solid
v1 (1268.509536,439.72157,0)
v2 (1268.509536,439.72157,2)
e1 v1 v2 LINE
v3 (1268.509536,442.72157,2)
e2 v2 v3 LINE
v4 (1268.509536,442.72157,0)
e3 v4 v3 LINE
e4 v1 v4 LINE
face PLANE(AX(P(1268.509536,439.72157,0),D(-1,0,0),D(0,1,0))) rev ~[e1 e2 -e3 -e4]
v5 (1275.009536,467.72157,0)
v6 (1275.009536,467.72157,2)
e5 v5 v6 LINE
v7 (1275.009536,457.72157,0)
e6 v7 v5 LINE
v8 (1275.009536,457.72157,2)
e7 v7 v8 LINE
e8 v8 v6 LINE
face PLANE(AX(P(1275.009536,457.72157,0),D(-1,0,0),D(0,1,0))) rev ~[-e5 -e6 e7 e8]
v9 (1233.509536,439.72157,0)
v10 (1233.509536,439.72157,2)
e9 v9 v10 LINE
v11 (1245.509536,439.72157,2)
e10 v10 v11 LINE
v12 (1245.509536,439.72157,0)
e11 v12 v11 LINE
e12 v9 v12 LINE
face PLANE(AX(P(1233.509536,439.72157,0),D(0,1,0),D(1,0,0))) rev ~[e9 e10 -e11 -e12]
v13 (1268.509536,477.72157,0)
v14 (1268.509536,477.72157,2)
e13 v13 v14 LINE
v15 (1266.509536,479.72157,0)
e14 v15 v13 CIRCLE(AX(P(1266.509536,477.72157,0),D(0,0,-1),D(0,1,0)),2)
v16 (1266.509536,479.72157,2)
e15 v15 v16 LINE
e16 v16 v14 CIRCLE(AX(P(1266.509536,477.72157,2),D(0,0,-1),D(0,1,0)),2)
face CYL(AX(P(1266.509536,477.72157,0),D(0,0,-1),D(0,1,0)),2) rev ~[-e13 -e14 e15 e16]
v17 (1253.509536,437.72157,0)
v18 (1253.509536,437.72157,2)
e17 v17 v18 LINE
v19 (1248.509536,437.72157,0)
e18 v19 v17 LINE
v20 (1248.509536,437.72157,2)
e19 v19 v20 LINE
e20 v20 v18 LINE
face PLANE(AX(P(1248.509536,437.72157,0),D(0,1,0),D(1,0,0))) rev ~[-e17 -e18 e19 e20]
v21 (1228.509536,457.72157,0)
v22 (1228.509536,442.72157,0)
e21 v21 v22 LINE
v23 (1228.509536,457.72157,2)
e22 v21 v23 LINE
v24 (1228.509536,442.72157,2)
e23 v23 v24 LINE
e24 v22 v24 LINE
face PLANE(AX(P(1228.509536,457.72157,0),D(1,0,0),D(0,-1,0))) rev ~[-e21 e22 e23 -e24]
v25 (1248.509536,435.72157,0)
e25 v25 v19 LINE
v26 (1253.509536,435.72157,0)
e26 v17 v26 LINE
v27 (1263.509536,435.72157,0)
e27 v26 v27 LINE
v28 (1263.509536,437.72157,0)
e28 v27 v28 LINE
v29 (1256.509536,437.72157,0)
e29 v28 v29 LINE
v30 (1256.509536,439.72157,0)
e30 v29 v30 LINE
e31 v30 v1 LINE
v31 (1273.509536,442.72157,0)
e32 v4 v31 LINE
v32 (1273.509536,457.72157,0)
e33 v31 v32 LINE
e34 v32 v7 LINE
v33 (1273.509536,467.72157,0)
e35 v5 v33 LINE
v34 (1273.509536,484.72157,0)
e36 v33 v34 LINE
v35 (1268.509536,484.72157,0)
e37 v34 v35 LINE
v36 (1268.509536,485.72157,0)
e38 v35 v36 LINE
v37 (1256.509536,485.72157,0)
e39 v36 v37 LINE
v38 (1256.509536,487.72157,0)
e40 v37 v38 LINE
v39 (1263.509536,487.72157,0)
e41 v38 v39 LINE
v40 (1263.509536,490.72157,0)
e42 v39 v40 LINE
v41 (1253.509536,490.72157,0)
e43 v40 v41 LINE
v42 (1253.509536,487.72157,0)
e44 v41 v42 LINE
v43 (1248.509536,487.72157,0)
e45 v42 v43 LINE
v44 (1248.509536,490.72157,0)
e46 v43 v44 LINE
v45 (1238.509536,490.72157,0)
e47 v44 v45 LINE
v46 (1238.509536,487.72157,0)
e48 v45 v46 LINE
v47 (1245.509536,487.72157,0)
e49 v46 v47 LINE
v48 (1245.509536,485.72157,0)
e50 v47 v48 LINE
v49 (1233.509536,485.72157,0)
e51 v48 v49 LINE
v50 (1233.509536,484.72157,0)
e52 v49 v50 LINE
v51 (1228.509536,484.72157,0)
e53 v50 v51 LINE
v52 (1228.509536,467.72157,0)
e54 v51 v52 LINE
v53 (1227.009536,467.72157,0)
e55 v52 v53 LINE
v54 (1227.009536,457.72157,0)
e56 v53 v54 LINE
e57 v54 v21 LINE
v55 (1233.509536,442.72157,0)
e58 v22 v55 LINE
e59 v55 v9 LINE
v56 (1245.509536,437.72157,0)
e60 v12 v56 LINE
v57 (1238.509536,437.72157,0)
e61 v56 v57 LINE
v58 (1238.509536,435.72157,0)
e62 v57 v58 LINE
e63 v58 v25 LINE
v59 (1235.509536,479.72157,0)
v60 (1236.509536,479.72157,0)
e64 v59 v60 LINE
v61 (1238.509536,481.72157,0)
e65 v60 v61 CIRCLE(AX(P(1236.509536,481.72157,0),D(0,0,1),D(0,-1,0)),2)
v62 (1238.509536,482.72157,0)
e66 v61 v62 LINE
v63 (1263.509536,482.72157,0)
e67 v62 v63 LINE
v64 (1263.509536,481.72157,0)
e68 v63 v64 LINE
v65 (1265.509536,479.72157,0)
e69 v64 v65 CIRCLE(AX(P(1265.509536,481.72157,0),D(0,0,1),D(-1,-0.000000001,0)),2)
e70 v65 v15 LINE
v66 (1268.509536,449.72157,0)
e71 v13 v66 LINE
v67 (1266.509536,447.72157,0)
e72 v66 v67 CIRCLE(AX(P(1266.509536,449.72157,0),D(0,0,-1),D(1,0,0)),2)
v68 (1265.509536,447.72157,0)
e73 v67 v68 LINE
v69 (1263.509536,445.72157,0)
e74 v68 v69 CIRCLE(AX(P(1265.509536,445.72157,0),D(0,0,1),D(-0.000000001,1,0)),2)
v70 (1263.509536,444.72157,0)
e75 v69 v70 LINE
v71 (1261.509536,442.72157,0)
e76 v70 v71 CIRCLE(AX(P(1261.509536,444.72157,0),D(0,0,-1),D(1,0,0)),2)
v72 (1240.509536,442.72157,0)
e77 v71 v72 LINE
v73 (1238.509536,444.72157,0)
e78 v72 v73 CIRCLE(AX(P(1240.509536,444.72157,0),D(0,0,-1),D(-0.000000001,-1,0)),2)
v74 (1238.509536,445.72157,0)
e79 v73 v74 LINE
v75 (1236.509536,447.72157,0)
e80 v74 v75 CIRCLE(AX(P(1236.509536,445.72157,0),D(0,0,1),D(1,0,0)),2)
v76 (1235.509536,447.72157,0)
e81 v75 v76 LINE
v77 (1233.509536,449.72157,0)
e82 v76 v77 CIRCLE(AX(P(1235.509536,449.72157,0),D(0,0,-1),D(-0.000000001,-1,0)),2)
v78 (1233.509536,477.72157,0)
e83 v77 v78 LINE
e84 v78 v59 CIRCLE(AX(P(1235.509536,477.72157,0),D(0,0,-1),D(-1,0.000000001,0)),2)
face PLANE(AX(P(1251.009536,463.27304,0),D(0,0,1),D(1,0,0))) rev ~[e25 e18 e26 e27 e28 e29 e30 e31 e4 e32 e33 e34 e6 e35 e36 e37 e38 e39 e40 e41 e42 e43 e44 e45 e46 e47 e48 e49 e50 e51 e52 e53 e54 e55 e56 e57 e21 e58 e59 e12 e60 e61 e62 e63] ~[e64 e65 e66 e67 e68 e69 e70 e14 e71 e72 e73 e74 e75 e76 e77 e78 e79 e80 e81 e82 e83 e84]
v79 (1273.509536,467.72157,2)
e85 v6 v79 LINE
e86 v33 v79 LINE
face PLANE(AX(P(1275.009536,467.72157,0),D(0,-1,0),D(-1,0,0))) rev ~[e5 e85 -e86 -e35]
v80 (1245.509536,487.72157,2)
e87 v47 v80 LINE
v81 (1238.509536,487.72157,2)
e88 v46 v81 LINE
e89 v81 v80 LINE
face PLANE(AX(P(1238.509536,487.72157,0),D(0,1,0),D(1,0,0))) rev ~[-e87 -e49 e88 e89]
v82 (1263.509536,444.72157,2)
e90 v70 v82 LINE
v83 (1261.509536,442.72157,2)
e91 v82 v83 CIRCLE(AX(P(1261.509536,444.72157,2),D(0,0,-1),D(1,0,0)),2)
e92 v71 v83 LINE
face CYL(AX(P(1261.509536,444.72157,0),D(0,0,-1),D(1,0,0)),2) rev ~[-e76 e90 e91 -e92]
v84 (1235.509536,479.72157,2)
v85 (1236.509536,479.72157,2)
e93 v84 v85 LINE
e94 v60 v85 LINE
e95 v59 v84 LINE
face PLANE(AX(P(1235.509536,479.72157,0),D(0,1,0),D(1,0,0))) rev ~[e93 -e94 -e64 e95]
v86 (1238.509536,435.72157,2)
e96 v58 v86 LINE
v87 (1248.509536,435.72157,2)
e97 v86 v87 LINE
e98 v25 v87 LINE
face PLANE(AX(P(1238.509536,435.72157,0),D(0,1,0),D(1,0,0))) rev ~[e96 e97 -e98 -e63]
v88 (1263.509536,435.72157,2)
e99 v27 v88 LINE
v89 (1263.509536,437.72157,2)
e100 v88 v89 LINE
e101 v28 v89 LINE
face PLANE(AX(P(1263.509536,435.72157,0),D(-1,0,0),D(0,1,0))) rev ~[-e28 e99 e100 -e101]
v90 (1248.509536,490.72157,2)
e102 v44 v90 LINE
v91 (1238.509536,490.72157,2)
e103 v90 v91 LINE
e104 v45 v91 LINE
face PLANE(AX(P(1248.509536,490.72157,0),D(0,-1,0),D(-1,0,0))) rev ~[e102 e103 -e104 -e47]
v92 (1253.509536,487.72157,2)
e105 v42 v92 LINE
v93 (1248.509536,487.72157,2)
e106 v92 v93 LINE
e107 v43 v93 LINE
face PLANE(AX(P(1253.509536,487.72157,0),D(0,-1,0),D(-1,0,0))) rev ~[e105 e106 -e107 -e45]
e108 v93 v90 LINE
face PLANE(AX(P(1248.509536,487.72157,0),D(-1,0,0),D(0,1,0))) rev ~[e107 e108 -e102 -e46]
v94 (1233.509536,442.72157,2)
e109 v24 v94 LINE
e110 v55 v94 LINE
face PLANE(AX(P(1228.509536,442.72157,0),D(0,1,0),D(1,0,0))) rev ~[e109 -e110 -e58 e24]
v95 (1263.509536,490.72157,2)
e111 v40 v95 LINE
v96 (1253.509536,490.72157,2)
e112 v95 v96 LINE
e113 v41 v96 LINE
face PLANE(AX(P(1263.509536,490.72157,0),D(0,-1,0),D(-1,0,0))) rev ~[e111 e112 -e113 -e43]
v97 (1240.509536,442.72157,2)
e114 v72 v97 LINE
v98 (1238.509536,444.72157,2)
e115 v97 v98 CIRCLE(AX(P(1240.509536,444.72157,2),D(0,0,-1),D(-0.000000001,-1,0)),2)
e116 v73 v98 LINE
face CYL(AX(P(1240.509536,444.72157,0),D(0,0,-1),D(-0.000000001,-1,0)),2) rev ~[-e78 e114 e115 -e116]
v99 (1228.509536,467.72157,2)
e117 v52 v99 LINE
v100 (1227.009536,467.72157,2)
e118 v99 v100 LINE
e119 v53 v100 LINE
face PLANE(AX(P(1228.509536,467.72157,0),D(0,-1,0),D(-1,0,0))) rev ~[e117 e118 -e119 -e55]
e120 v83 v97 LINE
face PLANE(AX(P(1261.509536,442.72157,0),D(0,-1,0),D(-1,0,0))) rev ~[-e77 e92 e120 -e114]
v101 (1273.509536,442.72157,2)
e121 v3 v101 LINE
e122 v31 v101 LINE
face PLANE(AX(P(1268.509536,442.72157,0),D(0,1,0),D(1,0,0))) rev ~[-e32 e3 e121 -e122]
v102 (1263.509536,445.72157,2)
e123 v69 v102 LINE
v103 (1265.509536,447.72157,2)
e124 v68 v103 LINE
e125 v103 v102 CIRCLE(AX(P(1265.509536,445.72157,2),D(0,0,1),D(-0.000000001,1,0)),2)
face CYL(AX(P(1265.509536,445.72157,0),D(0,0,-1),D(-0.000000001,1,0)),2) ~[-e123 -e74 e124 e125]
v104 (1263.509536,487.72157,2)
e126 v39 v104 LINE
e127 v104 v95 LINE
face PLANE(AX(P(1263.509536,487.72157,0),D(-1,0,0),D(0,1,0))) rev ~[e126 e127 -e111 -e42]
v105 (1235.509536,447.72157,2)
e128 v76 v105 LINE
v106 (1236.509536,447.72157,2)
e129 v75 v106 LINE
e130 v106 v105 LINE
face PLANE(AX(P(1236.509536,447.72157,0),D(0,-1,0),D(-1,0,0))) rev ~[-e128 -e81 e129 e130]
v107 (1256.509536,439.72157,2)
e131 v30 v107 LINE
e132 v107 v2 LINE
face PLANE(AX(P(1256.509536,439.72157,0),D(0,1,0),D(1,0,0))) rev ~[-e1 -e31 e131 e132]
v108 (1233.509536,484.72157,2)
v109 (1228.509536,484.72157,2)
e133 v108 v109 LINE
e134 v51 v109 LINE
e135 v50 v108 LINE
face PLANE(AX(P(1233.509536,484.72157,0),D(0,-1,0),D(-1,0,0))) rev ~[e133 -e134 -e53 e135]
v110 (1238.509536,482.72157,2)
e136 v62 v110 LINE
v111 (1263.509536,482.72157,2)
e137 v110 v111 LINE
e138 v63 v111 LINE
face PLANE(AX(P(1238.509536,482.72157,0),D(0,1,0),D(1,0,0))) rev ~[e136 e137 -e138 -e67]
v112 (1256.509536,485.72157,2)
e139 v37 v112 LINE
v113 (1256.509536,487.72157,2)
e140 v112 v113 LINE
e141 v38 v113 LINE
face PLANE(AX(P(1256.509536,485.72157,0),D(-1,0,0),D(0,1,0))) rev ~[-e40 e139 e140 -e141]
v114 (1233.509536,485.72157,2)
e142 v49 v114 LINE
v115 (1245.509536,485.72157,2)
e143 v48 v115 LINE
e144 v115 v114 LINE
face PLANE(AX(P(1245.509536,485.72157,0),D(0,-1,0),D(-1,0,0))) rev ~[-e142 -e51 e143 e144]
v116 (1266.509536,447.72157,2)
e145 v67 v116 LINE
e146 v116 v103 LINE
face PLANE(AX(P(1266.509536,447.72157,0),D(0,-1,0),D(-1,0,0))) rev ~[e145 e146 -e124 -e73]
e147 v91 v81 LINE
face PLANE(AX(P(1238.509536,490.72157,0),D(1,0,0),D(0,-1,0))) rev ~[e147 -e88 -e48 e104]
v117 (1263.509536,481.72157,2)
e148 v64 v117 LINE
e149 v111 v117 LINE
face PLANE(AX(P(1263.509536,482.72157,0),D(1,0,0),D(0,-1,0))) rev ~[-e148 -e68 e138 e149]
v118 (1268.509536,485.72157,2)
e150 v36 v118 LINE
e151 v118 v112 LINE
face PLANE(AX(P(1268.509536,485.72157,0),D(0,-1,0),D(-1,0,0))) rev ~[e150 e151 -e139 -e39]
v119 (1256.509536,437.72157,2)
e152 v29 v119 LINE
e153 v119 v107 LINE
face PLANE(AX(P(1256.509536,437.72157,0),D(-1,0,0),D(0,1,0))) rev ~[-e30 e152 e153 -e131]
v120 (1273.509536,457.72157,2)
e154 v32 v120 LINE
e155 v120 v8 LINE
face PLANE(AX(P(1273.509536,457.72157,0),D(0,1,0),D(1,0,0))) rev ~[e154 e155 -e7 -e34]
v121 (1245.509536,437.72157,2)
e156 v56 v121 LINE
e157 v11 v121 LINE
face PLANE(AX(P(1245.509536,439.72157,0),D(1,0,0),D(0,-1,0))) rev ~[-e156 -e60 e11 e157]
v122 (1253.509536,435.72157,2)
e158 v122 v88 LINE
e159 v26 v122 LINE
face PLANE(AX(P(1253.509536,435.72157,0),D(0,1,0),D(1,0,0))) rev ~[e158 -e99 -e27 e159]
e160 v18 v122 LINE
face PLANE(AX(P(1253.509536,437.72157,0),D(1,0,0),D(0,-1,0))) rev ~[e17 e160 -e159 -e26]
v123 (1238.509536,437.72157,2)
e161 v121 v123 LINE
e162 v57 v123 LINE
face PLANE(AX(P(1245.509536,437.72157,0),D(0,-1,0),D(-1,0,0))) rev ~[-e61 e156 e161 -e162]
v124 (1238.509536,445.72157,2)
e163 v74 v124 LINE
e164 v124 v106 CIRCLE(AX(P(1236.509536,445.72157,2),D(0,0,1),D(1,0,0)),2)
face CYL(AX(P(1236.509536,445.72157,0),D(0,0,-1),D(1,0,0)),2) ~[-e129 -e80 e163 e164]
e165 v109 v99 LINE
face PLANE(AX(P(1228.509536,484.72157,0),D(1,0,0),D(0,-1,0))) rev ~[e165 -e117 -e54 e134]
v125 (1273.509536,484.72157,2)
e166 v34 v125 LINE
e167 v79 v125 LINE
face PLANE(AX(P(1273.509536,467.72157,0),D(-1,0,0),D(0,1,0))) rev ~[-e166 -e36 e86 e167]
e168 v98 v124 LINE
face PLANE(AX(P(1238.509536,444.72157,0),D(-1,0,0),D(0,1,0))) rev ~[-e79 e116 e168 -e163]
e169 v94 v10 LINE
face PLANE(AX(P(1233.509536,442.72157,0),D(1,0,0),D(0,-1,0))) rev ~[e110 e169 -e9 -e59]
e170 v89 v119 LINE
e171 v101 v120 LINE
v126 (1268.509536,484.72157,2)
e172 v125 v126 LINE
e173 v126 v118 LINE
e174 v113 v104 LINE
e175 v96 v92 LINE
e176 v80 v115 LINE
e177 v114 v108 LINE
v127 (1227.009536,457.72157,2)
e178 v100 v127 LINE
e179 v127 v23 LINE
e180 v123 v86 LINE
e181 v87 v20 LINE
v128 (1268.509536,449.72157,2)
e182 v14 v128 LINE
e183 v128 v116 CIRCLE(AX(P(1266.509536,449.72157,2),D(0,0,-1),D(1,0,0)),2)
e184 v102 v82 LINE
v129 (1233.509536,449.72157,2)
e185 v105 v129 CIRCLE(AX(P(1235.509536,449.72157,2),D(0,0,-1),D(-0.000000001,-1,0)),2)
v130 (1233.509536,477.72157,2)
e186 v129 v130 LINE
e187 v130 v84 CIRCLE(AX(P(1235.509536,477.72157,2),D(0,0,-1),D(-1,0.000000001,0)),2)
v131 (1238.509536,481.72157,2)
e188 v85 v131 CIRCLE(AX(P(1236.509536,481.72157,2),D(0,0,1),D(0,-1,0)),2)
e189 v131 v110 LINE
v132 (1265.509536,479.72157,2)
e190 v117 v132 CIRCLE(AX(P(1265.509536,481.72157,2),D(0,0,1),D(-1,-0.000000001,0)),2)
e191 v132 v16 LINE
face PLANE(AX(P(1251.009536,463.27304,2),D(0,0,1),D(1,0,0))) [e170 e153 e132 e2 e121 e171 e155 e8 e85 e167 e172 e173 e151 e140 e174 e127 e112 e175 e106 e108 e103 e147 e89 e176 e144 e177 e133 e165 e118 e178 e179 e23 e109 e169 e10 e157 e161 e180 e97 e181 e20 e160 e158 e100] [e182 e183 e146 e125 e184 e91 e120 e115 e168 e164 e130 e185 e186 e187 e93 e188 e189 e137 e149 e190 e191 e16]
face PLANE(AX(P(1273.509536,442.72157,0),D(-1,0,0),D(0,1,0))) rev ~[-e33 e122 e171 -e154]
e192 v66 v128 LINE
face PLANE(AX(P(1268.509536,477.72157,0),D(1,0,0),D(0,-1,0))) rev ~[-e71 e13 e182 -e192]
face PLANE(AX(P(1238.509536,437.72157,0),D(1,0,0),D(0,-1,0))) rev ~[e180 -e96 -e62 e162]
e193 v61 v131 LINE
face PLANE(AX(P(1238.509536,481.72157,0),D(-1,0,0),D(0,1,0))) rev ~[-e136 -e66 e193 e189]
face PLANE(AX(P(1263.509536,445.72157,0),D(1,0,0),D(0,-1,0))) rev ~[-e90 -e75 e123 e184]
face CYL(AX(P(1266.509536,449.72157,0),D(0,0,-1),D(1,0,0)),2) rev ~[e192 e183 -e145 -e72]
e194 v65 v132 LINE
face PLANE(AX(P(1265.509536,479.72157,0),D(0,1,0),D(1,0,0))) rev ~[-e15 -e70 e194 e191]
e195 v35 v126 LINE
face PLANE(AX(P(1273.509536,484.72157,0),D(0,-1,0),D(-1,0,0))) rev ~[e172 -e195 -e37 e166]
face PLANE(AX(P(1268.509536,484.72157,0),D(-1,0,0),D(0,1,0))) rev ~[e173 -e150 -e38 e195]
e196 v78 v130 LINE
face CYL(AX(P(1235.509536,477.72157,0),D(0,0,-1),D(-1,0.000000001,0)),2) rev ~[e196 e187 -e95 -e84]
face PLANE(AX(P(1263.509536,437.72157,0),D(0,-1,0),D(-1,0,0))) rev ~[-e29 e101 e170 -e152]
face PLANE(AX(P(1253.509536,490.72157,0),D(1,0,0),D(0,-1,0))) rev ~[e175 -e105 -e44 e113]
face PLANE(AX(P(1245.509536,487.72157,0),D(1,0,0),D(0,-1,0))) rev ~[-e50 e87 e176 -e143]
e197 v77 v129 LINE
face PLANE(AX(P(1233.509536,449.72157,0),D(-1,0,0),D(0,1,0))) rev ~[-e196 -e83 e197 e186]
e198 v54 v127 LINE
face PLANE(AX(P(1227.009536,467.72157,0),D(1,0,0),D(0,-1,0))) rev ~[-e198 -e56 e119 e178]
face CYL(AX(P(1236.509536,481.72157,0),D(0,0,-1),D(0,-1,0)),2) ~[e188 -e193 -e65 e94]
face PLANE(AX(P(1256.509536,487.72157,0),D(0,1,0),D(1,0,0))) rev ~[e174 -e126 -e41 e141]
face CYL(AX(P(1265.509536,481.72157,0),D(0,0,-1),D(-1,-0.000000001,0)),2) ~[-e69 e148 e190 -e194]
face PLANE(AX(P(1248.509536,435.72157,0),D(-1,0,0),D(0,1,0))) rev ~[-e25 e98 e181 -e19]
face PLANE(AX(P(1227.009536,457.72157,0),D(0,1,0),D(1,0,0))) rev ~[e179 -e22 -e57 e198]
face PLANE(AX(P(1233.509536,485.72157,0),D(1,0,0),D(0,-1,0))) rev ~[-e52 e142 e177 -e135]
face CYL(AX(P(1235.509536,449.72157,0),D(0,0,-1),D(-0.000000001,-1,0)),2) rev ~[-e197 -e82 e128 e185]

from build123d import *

# Parameters (mm, degrees)
EXTRUDE_1_DEPTH = 2


with BuildPart() as part:
    # Model → 凸台-拉伸1 (new body)
    with BuildSketch(Plane.XY):
        Polygon((1228.50953615, 484.721569843), (1228.50953615, 467.721569843), (1227.00953615, 467.721569843), (1227.00953615, 457.721569843), (1228.50953615, 457.721569843), (1228.50953615, 442.721569843), (1233.50953615, 442.721569843), (1233.50953615, 439.721569843), (1245.50953615, 439.721569843), (1245.50953615, 437.721569843), (1238.50953615, 437.721569843), (1238.50953615, 435.721569843), (1248.50953615, 435.721569843), (1248.50953615, 437.721569843), (1253.50953615, 437.721569843), (1253.50953615, 435.721569843), (1263.50953615, 435.721569843), (1263.50953615, 437.721569843), (1256.50953615, 437.721569843), (1256.50953615, 439.721569843), (1268.50953615, 439.721569843), (1268.50953615, 442.721569843), (1273.50953615, 442.721569843), (1273.50953615, 457.721569843), (1275.00953615, 457.721569843), (1275.00953615, 467.721569843), (1273.50953615, 467.721569843), (1273.50953615, 484.721569843), (1268.50953615, 484.721569843), (1268.50953615, 485.721569843), (1256.50953615, 485.721569843), (1256.50953615, 487.721569843), (1263.50953615, 487.721569843), (1263.50953615, 490.721569843), (1253.50953615, 490.721569843), (1253.50953615, 487.721569843), (1248.50953615, 487.721569843), (1248.50953615, 490.721569843), (1238.50953615, 490.721569843), (1238.50953615, 487.721569843), (1245.50953615, 487.721569843), (1245.50953615, 485.721569843), (1233.50953615, 485.721569843), (1233.50953615, 484.721569843), align=None)
        with BuildLine():
            Line((1235.50953615, 479.721569843), (1236.50953615, 479.721569843))
            ThreePointArc((1236.50953615, 479.721569843), (1237.923749713, 480.307356281), (1238.50953615, 481.721569843))
            Line((1238.50953615, 481.721569843), (1238.50953615, 482.721569843))
            Line((1238.50953615, 482.721569843), (1263.50953615, 482.721569843))
            Line((1263.50953615, 482.721569843), (1263.50953615, 481.721569843))
            ThreePointArc((1263.50953615, 481.721569843), (1264.095322588, 480.307356281), (1265.50953615, 479.721569843))
            Line((1265.50953615, 479.721569843), (1266.50953615, 479.721569843))
            ThreePointArc((1266.50953615, 479.721569843), (1267.923749713, 479.135783405), (1268.50953615, 477.721569843))
            Line((1268.50953615, 477.721569843), (1268.50953615, 449.721569843))
            ThreePointArc((1268.50953615, 449.721569843), (1267.923749713, 448.307356281), (1266.50953615, 447.721569843))
            Line((1266.50953615, 447.721569843), (1265.50953615, 447.721569843))
            ThreePointArc((1265.50953615, 447.721569843), (1264.095322588, 447.135783405), (1263.50953615, 445.721569843))
            Line((1263.50953615, 445.721569843), (1263.50953615, 444.721569843))
            ThreePointArc((1263.50953615, 444.721569843), (1262.923749713, 443.307356281), (1261.50953615, 442.721569843))
            Line((1261.50953615, 442.721569843), (1240.50953615, 442.721569843))
            ThreePointArc((1240.50953615, 442.721569843), (1239.095322588, 443.307356281), (1238.50953615, 444.721569843))
            Line((1238.50953615, 444.721569843), (1238.50953615, 445.721569843))
            ThreePointArc((1238.50953615, 445.721569843), (1237.923749713, 447.135783405), (1236.50953615, 447.721569843))
            Line((1236.50953615, 447.721569843), (1235.50953615, 447.721569843))
            ThreePointArc((1235.50953615, 447.721569843), (1234.095322588, 448.307356281), (1233.50953615, 449.721569843))
            Line((1233.50953615, 449.721569843), (1233.50953615, 477.721569843))
            ThreePointArc((1233.50953615, 477.721569843), (1234.095322588, 479.135783405), (1235.50953615, 479.721569843))
        make_face(mode=Mode.SUBTRACT)
    extrude(amount=EXTRUDE_1_DEPTH)


solid = part.part
